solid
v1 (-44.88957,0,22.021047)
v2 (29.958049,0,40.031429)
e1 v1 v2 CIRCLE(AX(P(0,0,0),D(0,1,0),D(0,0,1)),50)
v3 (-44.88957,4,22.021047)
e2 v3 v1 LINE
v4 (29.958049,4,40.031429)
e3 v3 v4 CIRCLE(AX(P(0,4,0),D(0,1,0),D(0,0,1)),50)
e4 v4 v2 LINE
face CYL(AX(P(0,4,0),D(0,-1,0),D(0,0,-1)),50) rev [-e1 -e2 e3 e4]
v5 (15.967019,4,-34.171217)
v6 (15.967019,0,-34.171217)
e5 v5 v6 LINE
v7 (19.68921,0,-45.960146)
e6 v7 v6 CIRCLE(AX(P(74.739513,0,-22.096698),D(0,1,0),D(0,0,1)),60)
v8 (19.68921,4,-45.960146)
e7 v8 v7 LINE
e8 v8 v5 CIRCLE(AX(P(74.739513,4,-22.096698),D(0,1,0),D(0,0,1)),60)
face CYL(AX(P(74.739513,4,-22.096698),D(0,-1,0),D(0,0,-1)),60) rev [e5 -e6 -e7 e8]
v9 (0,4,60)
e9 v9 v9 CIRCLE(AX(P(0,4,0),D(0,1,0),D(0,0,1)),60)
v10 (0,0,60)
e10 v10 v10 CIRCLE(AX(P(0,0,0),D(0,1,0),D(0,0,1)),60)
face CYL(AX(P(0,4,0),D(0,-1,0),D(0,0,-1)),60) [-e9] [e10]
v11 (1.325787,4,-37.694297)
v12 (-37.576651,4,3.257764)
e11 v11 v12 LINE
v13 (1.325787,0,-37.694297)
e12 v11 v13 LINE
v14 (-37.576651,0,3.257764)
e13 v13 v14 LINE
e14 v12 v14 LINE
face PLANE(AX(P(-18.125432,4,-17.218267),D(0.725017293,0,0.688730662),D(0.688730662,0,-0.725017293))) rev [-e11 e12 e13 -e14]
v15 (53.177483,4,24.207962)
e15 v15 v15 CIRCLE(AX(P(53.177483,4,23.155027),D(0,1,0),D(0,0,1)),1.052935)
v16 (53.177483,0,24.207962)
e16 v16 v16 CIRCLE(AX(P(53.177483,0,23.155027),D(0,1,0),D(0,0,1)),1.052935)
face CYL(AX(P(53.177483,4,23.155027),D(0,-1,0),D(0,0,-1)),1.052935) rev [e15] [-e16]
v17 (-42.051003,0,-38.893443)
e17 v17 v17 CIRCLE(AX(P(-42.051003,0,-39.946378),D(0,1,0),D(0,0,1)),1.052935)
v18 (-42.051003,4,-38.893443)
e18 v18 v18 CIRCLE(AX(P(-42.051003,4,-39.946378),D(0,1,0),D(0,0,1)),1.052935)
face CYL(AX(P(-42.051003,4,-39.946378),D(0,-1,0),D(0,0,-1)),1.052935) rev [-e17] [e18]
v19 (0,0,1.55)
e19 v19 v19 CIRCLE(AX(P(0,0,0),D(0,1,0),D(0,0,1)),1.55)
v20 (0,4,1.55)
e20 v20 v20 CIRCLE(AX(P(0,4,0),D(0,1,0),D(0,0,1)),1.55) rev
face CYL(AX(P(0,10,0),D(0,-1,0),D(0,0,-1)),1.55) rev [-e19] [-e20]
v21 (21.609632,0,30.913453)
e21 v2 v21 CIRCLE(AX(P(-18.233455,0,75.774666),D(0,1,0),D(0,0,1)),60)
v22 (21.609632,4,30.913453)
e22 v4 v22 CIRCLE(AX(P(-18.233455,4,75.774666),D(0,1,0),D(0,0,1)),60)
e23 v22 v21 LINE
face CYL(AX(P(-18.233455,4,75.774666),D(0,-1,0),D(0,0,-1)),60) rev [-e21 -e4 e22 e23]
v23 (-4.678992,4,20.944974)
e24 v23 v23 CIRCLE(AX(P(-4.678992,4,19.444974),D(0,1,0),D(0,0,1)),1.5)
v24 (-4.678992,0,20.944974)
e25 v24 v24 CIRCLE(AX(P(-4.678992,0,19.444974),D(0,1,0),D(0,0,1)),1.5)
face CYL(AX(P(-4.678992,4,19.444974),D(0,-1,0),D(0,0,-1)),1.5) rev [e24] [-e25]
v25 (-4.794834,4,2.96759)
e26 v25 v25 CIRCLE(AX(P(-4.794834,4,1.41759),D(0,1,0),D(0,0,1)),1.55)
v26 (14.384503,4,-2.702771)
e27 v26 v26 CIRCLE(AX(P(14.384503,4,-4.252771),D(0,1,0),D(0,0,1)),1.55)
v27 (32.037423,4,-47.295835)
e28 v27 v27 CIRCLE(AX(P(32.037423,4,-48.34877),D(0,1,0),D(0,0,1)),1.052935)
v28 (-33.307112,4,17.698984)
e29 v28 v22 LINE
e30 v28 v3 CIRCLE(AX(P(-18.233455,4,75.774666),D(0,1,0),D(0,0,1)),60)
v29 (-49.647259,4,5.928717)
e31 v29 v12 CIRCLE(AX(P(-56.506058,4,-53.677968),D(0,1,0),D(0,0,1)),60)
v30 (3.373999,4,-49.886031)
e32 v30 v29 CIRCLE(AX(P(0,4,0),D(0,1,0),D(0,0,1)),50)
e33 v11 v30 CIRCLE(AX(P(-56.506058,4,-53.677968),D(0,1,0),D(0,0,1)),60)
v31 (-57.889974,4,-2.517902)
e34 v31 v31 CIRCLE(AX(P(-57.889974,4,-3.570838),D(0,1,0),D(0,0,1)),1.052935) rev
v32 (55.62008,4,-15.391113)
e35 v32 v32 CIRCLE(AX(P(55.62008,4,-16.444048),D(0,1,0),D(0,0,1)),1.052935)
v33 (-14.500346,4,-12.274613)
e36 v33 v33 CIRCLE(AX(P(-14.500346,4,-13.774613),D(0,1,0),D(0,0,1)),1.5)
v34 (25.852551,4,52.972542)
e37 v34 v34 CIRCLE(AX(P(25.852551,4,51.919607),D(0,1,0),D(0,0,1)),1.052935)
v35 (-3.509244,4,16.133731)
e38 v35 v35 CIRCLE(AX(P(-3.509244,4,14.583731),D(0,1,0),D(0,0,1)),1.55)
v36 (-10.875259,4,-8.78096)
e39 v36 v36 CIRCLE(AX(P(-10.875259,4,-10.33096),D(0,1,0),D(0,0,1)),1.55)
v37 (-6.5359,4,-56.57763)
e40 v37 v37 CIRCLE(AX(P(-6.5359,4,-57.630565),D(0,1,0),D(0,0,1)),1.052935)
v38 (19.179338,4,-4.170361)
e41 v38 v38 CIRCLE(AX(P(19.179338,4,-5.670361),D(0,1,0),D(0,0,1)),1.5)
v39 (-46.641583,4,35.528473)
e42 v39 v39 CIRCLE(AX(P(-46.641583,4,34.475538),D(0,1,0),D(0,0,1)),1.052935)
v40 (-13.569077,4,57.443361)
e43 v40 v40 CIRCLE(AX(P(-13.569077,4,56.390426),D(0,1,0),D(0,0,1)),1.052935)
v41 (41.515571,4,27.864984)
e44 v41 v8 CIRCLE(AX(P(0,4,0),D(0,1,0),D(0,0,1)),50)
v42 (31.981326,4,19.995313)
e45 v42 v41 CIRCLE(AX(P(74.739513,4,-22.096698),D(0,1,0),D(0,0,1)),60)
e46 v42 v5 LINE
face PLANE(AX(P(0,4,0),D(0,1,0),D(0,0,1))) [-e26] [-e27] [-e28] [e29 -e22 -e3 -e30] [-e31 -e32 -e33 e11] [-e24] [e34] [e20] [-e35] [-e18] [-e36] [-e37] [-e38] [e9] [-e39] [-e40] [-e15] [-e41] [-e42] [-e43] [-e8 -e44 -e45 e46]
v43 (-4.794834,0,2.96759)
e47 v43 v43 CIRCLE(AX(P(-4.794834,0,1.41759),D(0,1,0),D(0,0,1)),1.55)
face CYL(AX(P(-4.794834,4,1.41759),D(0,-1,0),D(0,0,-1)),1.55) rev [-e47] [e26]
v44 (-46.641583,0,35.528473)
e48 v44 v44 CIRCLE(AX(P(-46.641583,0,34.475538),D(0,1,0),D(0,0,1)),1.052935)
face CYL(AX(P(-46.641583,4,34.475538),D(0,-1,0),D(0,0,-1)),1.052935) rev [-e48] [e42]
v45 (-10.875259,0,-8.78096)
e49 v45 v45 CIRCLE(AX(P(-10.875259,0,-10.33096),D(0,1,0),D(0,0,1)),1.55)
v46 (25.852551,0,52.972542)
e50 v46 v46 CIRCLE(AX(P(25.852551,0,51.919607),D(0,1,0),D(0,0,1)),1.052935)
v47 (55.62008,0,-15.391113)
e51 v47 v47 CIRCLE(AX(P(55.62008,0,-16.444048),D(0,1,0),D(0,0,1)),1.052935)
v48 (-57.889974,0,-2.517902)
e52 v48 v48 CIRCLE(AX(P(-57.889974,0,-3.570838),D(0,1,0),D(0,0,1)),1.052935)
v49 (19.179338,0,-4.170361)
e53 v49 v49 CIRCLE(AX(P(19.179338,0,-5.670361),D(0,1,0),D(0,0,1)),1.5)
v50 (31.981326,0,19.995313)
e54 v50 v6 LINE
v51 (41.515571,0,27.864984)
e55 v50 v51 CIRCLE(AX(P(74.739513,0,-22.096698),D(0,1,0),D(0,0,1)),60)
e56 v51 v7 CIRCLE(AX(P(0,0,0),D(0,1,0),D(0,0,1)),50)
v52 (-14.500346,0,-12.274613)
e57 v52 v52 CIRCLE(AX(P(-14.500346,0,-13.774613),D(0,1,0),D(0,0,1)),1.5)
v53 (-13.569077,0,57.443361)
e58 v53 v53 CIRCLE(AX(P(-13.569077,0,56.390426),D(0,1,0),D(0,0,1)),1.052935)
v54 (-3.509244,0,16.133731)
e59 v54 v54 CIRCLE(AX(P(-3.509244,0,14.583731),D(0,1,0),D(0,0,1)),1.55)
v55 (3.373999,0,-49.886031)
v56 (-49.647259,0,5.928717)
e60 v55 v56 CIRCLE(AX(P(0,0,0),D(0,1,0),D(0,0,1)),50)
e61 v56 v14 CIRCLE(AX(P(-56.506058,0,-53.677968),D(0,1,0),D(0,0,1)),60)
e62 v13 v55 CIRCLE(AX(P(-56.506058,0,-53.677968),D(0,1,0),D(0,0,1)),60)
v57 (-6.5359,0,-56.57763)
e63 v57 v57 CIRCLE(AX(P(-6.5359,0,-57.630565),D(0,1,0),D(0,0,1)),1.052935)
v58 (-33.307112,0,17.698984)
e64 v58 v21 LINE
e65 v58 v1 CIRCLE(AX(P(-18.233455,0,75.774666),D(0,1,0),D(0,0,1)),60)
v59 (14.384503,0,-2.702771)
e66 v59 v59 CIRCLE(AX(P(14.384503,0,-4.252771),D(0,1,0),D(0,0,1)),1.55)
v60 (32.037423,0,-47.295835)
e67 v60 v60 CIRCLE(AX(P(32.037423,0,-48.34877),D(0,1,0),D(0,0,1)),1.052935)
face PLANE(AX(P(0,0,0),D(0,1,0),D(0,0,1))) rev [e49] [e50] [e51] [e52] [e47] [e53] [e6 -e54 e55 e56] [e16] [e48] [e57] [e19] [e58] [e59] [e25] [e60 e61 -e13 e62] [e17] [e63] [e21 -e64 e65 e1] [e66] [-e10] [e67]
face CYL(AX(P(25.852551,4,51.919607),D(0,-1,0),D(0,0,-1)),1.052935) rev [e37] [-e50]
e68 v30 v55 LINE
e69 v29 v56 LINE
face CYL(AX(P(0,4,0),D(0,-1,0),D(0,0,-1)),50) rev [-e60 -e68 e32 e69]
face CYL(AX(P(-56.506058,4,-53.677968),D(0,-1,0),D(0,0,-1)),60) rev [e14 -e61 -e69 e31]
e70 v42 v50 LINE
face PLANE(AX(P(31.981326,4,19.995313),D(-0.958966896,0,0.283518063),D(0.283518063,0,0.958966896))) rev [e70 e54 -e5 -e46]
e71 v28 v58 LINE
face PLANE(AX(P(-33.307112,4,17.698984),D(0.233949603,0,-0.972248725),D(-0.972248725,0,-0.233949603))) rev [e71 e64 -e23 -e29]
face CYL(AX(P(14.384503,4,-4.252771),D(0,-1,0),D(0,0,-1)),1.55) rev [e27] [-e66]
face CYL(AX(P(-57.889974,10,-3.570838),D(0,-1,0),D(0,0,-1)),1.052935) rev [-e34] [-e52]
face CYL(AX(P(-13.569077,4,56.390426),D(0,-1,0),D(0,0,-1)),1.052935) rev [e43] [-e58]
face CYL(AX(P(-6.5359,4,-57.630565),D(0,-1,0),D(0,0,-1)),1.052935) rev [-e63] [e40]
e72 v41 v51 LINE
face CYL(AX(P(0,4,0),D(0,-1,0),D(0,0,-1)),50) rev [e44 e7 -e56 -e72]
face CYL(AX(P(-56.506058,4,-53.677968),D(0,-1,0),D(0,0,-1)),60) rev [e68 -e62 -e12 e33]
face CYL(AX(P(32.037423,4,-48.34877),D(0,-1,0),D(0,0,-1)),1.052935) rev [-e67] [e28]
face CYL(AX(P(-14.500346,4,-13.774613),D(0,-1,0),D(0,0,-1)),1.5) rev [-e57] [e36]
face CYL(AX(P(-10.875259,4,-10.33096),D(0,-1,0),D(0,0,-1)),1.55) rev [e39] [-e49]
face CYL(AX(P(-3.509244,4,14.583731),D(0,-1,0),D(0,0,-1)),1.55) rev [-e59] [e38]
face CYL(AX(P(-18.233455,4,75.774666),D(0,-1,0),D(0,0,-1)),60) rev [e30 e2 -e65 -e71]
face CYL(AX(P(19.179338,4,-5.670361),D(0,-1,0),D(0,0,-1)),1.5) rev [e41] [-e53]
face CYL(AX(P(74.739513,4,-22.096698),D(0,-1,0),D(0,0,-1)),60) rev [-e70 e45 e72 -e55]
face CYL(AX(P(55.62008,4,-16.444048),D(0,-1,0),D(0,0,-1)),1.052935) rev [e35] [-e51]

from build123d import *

# Parameters (mm, degrees)
SKETCH_3_R           = 60
SKETCH_3_R_2         = 1.052935028
SKETCH_3_R_3         = 1.5
SKETCH_3_R_4         = 1.55
EXTRUDE_4_DEPTH      = 4
CUT_EXTRUDE_15_DEPTH = 4
SKETCH_3_22_R        = 1.55
CUT_EXTRUDE_23_DEPTH = 10
SKETCH_3_23_R        = 1.052935028
CUT_EXTRUDE_24_DEPTH = 10


with BuildPart() as part:
    # 草图3 → 凸台-拉伸4 (new body)
    with BuildSketch(Plane(origin=(0, 0, 0), x_dir=(1, 0, 0), z_dir=(0, 1, 0))):
        with Locations(Location((0, 0, 0), (0, 0, 270))):
            Circle(SKETCH_3_R)
        with Locations(Location((-46.641583195, -34.475537952, 0), (0, 0, 270))):
            Circle(SKETCH_3_R_2, mode=Mode.SUBTRACT)
        with Locations(Location((-13.569076992, -56.390426045, 0), (0, 0, 270))):
            Circle(SKETCH_3_R_2, mode=Mode.SUBTRACT)
        with BuildLine():
            ThreePointArc((-44.889569885, -22.021047103), (-39.209954392, -19.560908928), (-33.307112163, -17.698983687))
            Line((-33.307112163, -17.698983687), (21.609631998, -30.913452559))
            ThreePointArc((21.609631998, -30.913452559), (26.019303967, -35.256850436), (29.958048994, -40.031428909))
            ThreePointArc((29.958048994, -40.031428909), (-11.697480165, -48.612436246), (-44.889569885, -22.021047103))
        make_face(mode=Mode.SUBTRACT)
        with Locations(Location((-4.678992066, -19.444974498, 0), (0, 0, 270))):
            Circle(SKETCH_3_R_3, mode=Mode.SUBTRACT)
        with Locations(Location((-3.50924405, -14.583730874, 0), (0, 0, 270))):
            Circle(SKETCH_3_R_4, mode=Mode.SUBTRACT)
        with Locations(Location((-4.794834481, -1.417590314, 0), (0, 0, 270))):
            Circle(SKETCH_3_R_4, mode=Mode.SUBTRACT)
        with Locations(Location((25.852551139, -51.919607083, 0), (0, 0, 270))):
            Circle(SKETCH_3_R_2, mode=Mode.SUBTRACT)
        with Locations(Location((53.177483273, -23.155026944, 0), (0, 0, 270))):
            Circle(SKETCH_3_R_2, mode=Mode.SUBTRACT)
        with Locations(Location((-10.875259394, 10.330959932, 0), (0, 0, 270))):
            Circle(SKETCH_3_R_4, mode=Mode.SUBTRACT)
        with Locations(Location((-14.500345858, 13.774613243, 0), (0, 0, 270))):
            Circle(SKETCH_3_R_3, mode=Mode.SUBTRACT)
        with BuildLine():
            ThreePointArc((15.967019236, 34.171216556), (17.523676152, 40.161803442), (19.689209887, 45.960145931))
            ThreePointArc((19.689209887, 45.960145931), (47.948344812, 14.175903139), (41.515571152, -27.864984334))
            ThreePointArc((41.515571152, -27.864984334), (36.545221249, -24.176362121), (31.981325576, -19.995313417))
            Line((31.981325576, -19.995313417), (15.967019236, 34.171216556))
        make_face(mode=Mode.SUBTRACT)
        with Locations(Location((55.620079982, 16.444047642, 0), (0, 0, 270))):
            Circle(SKETCH_3_R_2, mode=Mode.SUBTRACT)
        with Locations(Location((32.037423118, 48.34876958, 0), (0, 0, 270))):
            Circle(SKETCH_3_R_2, mode=Mode.SUBTRACT)
        with Locations(Location((-42.05100299, 39.946378404, 0), (0, 0, 270))):
            Circle(SKETCH_3_R_2, mode=Mode.SUBTRACT)
        with Locations(Location((-6.535900078, 57.630564895, 0), (0, 0, 270))):
            Circle(SKETCH_3_R_2, mode=Mode.SUBTRACT)
        with Locations(Location((14.384503444, 4.252770942, 0), (0, 0, 270))):
            Circle(SKETCH_3_R_4, mode=Mode.SUBTRACT)
        with Locations(Location((19.179337925, 5.670361256, 0), (0, 0, 270))):
            Circle(SKETCH_3_R_3, mode=Mode.SUBTRACT)
    extrude(amount=EXTRUDE_4_DEPTH)

    # 草图3<17> → 切除-拉伸15 (cut)
    with BuildSketch(Plane(origin=(0, 0, 0), x_dir=(1, 0, 0), z_dir=(0, 1, 0))):
        with BuildLine():
            Line((1.325786588, 37.694297104), (-37.576651234, -3.257763997))
            ThreePointArc((-37.576651234, -3.257763997), (-43.542980118, -4.904953006), (-49.647258882, -5.928717023))
            ThreePointArc((-49.647258882, -5.928717023), (-36.250864646, 34.436533107), (3.373998733, 49.886031437))
            ThreePointArc((3.373998733, 49.886031437), (2.664733143, 43.737271049), (1.325786588, 37.694297104))
        make_face()
    extrude(amount=CUT_EXTRUDE_15_DEPTH, mode=Mode.SUBTRACT)

    # 草图3<22> → 切除-拉伸23 (cut)
    with BuildSketch(Plane(origin=(0, 0, 0), x_dir=(1, 0, 0), z_dir=(0, 1, 0))):
        with Locations(Location((0, 0, 0), (0, 0, 270))):
            Circle(SKETCH_3_22_R)
    extrude(amount=CUT_EXTRUDE_23_DEPTH, mode=Mode.SUBTRACT)

    # 草图3<23> → 切除-拉伸24 (cut)
    with BuildSketch(Plane(origin=(0, 0, 0), x_dir=(1, 0, 0), z_dir=(0, 1, 0))):
        with Locations(Location((-57.889974257, 3.570837502, 0), (0, 0, 270))):
            Circle(SKETCH_3_23_R)
    extrude(amount=CUT_EXTRUDE_24_DEPTH, mode=Mode.SUBTRACT)


solid = part.part
